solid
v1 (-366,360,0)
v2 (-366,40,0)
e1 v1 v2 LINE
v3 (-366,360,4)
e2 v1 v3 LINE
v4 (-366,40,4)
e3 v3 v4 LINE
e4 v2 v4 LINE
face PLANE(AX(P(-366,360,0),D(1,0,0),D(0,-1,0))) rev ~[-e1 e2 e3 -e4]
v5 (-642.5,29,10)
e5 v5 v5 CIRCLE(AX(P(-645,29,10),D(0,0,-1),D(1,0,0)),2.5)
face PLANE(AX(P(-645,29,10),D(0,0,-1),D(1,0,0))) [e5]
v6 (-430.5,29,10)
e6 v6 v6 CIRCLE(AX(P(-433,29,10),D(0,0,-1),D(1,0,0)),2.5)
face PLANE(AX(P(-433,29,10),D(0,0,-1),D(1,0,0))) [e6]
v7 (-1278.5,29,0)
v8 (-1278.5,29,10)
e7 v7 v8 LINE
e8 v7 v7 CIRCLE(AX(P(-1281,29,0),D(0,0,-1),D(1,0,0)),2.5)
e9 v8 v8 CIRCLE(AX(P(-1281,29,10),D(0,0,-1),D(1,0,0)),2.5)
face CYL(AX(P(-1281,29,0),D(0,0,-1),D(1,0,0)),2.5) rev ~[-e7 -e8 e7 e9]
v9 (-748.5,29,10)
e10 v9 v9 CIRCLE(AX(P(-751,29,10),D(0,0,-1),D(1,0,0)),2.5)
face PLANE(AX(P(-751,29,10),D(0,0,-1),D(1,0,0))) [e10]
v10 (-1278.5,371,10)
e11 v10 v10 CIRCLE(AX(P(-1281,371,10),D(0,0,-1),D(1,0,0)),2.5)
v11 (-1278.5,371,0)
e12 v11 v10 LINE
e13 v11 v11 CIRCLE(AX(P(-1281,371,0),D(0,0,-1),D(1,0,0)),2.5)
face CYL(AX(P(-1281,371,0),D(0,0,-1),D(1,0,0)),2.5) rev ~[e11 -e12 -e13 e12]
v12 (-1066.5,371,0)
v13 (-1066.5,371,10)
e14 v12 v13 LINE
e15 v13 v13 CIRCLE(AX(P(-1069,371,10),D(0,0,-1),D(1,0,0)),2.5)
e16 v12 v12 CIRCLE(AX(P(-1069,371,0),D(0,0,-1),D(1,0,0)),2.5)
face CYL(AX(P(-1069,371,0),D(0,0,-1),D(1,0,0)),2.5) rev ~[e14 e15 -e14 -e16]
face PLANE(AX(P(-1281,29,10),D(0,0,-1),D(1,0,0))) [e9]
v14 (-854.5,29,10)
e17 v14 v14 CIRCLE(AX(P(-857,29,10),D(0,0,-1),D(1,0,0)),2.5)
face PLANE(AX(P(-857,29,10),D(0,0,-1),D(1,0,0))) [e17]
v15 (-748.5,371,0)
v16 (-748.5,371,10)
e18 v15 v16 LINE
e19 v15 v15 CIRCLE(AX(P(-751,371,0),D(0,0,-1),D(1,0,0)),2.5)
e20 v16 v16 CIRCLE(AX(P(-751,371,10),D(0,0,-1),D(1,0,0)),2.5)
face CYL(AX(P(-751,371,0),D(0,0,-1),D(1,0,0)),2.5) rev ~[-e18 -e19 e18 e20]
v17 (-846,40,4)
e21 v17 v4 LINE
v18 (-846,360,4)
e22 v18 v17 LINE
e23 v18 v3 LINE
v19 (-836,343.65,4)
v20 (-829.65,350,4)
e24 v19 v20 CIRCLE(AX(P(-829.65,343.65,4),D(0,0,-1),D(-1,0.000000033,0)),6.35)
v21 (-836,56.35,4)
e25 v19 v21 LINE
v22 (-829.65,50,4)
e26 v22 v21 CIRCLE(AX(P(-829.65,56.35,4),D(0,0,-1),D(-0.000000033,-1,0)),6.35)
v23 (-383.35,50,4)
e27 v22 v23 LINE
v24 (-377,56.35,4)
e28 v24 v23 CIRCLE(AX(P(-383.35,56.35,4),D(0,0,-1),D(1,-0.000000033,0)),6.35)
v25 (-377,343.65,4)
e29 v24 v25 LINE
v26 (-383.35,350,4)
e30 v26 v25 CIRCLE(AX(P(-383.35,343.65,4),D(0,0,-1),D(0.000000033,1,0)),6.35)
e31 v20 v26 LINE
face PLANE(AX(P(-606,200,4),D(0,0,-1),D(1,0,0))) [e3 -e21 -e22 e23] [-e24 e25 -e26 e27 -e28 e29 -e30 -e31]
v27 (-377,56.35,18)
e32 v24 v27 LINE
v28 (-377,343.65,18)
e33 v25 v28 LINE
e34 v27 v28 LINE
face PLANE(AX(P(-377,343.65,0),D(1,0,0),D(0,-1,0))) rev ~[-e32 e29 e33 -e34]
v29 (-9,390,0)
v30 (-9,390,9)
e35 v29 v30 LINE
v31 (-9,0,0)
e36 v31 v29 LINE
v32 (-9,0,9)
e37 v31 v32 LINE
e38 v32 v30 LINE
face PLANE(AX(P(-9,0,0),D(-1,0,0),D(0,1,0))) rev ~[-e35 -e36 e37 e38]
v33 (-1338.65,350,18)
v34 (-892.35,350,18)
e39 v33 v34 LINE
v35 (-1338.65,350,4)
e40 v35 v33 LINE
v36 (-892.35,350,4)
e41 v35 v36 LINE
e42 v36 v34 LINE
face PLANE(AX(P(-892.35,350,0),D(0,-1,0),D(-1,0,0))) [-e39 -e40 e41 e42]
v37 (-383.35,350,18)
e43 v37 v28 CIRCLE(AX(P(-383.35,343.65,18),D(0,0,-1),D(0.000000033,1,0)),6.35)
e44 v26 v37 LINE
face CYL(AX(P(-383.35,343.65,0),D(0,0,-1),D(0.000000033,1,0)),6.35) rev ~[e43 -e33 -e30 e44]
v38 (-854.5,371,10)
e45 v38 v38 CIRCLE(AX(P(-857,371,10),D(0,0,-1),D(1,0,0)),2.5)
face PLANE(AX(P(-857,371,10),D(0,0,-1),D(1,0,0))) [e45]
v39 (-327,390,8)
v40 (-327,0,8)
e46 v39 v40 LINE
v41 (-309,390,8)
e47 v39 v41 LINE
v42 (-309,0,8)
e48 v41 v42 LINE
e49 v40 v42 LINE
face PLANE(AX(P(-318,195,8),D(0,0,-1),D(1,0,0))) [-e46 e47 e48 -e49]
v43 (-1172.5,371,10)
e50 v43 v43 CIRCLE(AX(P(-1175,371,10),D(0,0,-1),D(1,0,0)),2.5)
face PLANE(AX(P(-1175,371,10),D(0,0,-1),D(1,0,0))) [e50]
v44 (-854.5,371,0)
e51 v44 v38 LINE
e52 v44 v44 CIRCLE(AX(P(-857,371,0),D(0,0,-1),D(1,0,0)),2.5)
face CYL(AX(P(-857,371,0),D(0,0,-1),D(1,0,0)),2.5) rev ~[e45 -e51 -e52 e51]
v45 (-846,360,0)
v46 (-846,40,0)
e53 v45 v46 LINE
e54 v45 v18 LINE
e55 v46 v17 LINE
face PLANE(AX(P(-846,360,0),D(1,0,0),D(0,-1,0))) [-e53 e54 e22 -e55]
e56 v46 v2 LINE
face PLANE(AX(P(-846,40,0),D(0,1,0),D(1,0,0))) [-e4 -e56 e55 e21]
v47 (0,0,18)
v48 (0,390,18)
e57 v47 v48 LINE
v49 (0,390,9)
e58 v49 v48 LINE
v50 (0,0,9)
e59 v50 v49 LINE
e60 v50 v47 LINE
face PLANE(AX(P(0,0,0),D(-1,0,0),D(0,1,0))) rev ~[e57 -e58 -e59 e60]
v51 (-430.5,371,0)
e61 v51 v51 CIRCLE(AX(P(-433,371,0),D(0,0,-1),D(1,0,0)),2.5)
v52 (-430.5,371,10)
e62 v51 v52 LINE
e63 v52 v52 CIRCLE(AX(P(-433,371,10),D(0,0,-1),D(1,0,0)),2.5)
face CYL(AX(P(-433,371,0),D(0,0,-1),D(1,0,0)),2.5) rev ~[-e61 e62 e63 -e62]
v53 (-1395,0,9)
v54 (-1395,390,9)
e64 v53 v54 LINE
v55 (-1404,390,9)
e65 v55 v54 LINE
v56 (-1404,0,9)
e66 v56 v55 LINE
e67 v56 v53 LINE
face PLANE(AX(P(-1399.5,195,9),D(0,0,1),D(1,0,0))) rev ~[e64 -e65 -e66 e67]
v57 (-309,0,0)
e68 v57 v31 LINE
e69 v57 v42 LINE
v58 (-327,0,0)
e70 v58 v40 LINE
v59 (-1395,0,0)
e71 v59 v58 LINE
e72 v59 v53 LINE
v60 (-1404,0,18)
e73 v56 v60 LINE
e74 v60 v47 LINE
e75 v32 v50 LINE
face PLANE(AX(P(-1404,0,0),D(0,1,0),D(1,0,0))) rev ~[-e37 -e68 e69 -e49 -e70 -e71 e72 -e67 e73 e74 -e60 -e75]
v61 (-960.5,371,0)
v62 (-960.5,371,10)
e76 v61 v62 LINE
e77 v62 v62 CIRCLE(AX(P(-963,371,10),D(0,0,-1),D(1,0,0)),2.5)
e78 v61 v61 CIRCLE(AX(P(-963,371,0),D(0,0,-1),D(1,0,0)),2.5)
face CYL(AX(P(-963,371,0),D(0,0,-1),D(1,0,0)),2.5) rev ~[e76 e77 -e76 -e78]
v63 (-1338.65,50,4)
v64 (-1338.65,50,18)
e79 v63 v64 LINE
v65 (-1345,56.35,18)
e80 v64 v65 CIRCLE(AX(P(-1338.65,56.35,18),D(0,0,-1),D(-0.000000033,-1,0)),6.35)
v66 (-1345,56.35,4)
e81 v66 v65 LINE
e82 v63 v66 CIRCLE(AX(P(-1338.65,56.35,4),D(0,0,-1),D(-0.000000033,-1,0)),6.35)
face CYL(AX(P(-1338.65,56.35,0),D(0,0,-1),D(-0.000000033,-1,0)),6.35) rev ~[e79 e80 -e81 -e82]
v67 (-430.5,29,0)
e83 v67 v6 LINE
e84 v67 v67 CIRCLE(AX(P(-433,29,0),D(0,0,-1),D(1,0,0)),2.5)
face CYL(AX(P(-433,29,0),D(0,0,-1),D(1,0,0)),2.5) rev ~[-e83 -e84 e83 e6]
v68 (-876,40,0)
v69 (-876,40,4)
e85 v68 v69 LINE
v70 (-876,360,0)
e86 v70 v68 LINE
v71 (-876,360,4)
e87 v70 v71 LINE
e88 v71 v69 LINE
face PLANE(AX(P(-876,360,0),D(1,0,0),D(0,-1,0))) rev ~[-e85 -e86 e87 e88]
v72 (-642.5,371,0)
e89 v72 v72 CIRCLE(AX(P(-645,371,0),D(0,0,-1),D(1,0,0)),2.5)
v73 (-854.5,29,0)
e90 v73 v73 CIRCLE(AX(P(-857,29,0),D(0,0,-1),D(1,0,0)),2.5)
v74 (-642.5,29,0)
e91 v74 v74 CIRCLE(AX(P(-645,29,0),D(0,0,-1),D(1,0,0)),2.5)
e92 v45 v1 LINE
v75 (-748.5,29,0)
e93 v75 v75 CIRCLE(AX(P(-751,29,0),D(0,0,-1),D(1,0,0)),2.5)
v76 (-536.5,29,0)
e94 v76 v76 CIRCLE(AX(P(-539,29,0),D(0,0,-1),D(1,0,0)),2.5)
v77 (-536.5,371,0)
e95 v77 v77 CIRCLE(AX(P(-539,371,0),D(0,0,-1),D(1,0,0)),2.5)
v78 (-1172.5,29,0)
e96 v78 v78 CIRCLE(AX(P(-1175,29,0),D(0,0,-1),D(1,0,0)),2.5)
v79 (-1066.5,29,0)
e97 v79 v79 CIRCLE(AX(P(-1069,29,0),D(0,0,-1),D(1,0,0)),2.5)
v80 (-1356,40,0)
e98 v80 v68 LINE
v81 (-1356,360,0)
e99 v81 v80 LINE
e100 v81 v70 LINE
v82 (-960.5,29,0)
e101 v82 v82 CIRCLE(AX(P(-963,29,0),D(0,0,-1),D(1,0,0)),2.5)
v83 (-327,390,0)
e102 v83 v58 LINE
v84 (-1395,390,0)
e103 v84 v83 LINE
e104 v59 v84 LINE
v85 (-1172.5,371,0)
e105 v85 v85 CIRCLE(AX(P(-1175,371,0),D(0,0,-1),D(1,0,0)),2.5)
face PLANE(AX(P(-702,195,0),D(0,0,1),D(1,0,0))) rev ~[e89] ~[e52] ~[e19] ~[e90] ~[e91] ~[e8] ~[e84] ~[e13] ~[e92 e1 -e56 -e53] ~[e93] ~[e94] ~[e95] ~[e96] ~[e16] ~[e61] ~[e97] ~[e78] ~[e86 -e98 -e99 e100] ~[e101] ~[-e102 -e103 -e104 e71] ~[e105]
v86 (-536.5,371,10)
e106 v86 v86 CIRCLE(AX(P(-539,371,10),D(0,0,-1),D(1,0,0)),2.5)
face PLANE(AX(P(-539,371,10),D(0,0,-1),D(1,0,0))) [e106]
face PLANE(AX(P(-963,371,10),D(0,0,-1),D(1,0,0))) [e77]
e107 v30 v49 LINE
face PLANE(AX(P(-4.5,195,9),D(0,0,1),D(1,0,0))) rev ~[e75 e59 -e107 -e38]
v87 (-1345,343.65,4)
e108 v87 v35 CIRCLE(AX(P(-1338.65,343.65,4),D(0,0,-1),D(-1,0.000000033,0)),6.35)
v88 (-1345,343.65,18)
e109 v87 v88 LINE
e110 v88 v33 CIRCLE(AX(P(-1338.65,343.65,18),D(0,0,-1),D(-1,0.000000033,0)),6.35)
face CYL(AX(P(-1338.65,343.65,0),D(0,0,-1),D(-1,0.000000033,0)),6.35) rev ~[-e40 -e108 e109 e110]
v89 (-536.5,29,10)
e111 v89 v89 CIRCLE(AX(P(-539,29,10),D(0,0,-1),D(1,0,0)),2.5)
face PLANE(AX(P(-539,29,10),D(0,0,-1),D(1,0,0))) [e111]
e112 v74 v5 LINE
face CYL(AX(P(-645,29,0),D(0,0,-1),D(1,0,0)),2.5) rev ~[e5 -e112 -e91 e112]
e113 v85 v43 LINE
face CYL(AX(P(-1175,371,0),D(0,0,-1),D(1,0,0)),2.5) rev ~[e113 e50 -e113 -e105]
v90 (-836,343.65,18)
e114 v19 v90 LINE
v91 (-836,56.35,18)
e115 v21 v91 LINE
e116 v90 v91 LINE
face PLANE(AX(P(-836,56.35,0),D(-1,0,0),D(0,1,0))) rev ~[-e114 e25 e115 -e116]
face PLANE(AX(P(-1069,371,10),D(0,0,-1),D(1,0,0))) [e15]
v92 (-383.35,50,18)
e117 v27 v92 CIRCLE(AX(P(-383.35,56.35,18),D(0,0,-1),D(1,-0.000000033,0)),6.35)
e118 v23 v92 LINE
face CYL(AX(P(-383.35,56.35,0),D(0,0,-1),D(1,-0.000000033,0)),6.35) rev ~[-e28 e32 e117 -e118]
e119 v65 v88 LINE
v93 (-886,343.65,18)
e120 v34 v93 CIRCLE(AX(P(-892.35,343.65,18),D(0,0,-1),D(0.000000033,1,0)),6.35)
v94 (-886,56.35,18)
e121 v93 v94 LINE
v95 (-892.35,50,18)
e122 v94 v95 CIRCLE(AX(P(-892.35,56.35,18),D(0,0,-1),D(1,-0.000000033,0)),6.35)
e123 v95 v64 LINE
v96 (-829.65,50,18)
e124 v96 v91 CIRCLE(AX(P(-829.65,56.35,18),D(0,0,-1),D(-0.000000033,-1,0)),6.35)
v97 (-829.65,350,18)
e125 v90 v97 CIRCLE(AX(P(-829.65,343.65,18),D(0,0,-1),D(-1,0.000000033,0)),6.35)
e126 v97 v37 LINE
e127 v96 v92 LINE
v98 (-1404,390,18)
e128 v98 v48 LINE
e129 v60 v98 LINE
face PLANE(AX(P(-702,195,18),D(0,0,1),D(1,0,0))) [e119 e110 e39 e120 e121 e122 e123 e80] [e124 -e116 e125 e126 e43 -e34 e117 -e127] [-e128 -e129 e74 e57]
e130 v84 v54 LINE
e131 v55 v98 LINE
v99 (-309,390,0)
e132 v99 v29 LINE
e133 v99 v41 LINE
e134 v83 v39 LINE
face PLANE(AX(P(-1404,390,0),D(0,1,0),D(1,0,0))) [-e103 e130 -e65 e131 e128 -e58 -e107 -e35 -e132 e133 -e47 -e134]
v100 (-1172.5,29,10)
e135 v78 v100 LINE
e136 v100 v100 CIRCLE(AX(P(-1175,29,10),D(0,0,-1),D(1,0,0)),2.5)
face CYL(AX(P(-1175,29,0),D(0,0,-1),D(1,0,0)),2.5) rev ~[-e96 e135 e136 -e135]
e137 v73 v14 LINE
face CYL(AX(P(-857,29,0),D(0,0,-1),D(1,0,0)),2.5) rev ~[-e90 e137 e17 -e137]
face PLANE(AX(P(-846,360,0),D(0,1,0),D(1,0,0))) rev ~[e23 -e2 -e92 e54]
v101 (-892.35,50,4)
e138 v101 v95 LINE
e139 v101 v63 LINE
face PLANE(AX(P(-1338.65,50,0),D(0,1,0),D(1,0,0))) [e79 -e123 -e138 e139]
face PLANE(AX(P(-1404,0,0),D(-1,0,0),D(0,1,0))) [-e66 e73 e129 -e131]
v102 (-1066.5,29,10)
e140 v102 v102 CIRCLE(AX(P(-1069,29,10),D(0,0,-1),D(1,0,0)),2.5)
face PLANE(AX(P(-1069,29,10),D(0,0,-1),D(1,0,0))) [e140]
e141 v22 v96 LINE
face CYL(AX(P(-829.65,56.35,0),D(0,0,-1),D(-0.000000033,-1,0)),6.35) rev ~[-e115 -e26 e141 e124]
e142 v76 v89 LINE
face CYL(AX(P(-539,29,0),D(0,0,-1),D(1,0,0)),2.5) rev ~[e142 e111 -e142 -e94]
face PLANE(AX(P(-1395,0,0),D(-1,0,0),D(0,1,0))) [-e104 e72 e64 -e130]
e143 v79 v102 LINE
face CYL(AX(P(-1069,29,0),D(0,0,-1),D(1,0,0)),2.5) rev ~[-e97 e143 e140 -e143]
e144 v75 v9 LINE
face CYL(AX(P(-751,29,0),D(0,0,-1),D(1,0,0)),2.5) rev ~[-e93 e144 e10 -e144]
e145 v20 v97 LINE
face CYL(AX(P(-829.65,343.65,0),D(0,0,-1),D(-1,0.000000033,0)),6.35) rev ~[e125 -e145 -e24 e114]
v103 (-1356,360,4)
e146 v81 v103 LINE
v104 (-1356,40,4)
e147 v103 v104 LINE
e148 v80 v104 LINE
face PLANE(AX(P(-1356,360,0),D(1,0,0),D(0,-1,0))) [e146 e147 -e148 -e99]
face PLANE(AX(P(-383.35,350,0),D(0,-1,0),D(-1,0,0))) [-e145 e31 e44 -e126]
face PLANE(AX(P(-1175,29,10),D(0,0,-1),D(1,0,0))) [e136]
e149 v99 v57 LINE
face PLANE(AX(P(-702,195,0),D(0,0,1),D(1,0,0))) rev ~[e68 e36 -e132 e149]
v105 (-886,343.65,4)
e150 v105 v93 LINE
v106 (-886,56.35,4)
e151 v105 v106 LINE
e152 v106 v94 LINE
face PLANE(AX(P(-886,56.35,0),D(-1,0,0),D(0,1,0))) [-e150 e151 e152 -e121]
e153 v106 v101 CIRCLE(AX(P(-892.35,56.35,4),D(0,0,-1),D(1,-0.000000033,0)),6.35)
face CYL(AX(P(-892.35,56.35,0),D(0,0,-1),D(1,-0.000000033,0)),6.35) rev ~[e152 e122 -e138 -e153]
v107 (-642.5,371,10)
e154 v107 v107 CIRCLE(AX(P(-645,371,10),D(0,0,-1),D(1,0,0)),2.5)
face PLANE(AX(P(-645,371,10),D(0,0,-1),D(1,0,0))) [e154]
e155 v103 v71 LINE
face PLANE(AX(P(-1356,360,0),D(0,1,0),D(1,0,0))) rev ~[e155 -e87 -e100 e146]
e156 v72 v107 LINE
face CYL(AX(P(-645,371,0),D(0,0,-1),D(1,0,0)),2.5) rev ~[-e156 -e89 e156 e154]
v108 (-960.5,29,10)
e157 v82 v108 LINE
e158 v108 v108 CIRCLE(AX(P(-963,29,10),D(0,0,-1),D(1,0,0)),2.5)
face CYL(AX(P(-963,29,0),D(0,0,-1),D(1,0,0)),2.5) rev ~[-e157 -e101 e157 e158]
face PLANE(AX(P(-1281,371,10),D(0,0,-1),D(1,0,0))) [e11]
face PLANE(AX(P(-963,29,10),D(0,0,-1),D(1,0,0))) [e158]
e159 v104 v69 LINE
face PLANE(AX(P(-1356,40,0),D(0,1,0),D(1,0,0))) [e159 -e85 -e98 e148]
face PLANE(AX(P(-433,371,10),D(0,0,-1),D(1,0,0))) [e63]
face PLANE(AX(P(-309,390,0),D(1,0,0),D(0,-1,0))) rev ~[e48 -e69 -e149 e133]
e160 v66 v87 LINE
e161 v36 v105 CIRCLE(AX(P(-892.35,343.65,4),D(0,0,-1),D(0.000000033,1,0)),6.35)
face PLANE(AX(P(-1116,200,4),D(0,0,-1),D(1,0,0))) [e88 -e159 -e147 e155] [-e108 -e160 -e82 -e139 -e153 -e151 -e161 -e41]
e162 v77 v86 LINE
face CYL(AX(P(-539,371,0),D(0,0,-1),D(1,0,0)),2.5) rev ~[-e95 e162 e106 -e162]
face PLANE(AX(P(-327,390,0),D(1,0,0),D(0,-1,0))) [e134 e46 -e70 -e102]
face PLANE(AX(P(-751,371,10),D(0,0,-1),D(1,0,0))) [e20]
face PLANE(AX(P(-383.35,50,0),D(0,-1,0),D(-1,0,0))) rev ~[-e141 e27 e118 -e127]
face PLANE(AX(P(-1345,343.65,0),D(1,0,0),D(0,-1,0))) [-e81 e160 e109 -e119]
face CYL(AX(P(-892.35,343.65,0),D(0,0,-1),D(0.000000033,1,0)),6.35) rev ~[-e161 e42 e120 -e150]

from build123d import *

# Parameters (mm, degrees)
SKETCH_W        = 1404
SKETCH_H        = 390
PAD_DEPTH       = 18
SKETCH001_W     = 9
SKETCH001_H     = 390
POCKET_DEPTH    = 9
SKETCH002_W     = 18
SKETCH002_H     = 390
POCKET001_DEPTH = 8
POCKET003_DEPTH = 18.001
SKETCH005_W     = 480
SKETCH005_H     = 320
POCKET004_DEPTH = 4
SKETCH006_R     = 2.5
POCKET005_DEPTH = 10


with BuildPart() as part:
    # Sketch → Pad (new body)
    with BuildSketch(Plane.XY):
        with Locations((-702, 195)):
            Rectangle(SKETCH_W, SKETCH_H)
    extrude(amount=PAD_DEPTH)

    # Sketch001 → Pocket (cut)
    with BuildSketch(Plane.XY):
        with Locations((-4.5, 195)):
            Rectangle(SKETCH001_W, SKETCH001_H)
        with Locations((-1399.5, 195)):
            Rectangle(SKETCH001_W, SKETCH001_H)
    extrude(amount=POCKET_DEPTH, mode=Mode.SUBTRACT)

    # Sketch002 (on Face4 of Pocket) → Pocket001 (cut)
    with BuildSketch(Plane(origin=(0, 0, 0), x_dir=(1, 0, 0), z_dir=(0, 0, -1))):
        with Locations((-318, -195)):
            Rectangle(SKETCH002_W, SKETCH002_H)
    extrude(amount=-POCKET001_DEPTH, mode=Mode.SUBTRACT)

    # Sketch004 → Pocket003 (cut, through all)
    with BuildSketch(Plane(origin=(0, 0, 0), x_dir=(1, 0, 0), z_dir=(0, 0, -1))):
        with BuildLine():
            Line((-383.35, -350), (-829.65, -350))
            ThreePointArc((-836, -343.65), (-834.140128, -348.140128), (-829.65, -350))
            Line((-836, -56.35), (-836, -343.65))
            ThreePointArc((-829.65, -50), (-834.140128, -51.859872), (-836, -56.35))
            Line((-383.35, -50), (-829.65, -50))
            ThreePointArc((-377, -56.35), (-378.859872, -51.859872), (-383.35, -50))
            Line((-377, -343.65), (-377, -56.35))
            ThreePointArc((-383.35, -350), (-378.859872, -348.140128), (-377, -343.65))
        make_face()
        with BuildLine():
            Line((-886, -56.35), (-886, -343.65))
            ThreePointArc((-892.35, -350), (-887.859872, -348.140128), (-886, -343.65))
            Line((-892.35, -350), (-1338.65, -350))
            ThreePointArc((-1345, -343.65), (-1343.140128, -348.140128), (-1338.65, -350))
            Line((-1345, -343.65), (-1345, -56.35))
            ThreePointArc((-1338.65, -50), (-1343.140128, -51.859872), (-1345, -56.35))
            Line((-1338.65, -50), (-892.35, -50))
            ThreePointArc((-886, -56.35), (-887.859872, -51.859872), (-892.35, -50))
        make_face()
    extrude(amount=-POCKET003_DEPTH, mode=Mode.SUBTRACT)

    # Sketch005 (on Face4 of Pocket003) → Pocket004 (cut)
    with BuildSketch(Plane(origin=(0, 0, 0), x_dir=(1, 0, 0), z_dir=(0, 0, -1))):
        with Locations((-606, -200)):
            Rectangle(SKETCH005_W, SKETCH005_H)
        with Locations((-1116, -200)):
            Rectangle(SKETCH005_W, SKETCH005_H)
    extrude(amount=-POCKET004_DEPTH, mode=Mode.SUBTRACT)

    # Sketch006 (on Face4 of Pocket004) → Pocket005 (cut)
    with BuildSketch(Plane(origin=(0, 0, 0), x_dir=(1, 0, 0), z_dir=(0, 0, -1))):
        with Locations((-433, -29)):
            Circle(SKETCH006_R)
        with Locations((-539, -29)):
            Circle(SKETCH006_R)
        with Locations((-645, -29)):
            Circle(SKETCH006_R)
        with Locations((-751, -29)):
            Circle(SKETCH006_R)
        with Locations((-857, -29)):
            Circle(SKETCH006_R)
        with Locations((-963, -29)):
            Circle(SKETCH006_R)
        with Locations((-1069, -29)):
            Circle(SKETCH006_R)
        with Locations((-1175, -29)):
            Circle(SKETCH006_R)
        with Locations((-1281, -29)):
            Circle(SKETCH006_R)
        with Locations((-433, -371)):
            Circle(SKETCH006_R)
        with Locations((-539, -371)):
            Circle(SKETCH006_R)
        with Locations((-645, -371)):
            Circle(SKETCH006_R)
        with Locations((-751, -371)):
            Circle(SKETCH006_R)
        with Locations((-857, -371)):
            Circle(SKETCH006_R)
        with Locations((-963, -371)):
            Circle(SKETCH006_R)
        with Locations((-1069, -371)):
            Circle(SKETCH006_R)
        with Locations((-1175, -371)):
            Circle(SKETCH006_R)
        with Locations((-1281, -371)):
            Circle(SKETCH006_R)
    extrude(amount=-POCKET005_DEPTH, mode=Mode.SUBTRACT)


solid = part.part
